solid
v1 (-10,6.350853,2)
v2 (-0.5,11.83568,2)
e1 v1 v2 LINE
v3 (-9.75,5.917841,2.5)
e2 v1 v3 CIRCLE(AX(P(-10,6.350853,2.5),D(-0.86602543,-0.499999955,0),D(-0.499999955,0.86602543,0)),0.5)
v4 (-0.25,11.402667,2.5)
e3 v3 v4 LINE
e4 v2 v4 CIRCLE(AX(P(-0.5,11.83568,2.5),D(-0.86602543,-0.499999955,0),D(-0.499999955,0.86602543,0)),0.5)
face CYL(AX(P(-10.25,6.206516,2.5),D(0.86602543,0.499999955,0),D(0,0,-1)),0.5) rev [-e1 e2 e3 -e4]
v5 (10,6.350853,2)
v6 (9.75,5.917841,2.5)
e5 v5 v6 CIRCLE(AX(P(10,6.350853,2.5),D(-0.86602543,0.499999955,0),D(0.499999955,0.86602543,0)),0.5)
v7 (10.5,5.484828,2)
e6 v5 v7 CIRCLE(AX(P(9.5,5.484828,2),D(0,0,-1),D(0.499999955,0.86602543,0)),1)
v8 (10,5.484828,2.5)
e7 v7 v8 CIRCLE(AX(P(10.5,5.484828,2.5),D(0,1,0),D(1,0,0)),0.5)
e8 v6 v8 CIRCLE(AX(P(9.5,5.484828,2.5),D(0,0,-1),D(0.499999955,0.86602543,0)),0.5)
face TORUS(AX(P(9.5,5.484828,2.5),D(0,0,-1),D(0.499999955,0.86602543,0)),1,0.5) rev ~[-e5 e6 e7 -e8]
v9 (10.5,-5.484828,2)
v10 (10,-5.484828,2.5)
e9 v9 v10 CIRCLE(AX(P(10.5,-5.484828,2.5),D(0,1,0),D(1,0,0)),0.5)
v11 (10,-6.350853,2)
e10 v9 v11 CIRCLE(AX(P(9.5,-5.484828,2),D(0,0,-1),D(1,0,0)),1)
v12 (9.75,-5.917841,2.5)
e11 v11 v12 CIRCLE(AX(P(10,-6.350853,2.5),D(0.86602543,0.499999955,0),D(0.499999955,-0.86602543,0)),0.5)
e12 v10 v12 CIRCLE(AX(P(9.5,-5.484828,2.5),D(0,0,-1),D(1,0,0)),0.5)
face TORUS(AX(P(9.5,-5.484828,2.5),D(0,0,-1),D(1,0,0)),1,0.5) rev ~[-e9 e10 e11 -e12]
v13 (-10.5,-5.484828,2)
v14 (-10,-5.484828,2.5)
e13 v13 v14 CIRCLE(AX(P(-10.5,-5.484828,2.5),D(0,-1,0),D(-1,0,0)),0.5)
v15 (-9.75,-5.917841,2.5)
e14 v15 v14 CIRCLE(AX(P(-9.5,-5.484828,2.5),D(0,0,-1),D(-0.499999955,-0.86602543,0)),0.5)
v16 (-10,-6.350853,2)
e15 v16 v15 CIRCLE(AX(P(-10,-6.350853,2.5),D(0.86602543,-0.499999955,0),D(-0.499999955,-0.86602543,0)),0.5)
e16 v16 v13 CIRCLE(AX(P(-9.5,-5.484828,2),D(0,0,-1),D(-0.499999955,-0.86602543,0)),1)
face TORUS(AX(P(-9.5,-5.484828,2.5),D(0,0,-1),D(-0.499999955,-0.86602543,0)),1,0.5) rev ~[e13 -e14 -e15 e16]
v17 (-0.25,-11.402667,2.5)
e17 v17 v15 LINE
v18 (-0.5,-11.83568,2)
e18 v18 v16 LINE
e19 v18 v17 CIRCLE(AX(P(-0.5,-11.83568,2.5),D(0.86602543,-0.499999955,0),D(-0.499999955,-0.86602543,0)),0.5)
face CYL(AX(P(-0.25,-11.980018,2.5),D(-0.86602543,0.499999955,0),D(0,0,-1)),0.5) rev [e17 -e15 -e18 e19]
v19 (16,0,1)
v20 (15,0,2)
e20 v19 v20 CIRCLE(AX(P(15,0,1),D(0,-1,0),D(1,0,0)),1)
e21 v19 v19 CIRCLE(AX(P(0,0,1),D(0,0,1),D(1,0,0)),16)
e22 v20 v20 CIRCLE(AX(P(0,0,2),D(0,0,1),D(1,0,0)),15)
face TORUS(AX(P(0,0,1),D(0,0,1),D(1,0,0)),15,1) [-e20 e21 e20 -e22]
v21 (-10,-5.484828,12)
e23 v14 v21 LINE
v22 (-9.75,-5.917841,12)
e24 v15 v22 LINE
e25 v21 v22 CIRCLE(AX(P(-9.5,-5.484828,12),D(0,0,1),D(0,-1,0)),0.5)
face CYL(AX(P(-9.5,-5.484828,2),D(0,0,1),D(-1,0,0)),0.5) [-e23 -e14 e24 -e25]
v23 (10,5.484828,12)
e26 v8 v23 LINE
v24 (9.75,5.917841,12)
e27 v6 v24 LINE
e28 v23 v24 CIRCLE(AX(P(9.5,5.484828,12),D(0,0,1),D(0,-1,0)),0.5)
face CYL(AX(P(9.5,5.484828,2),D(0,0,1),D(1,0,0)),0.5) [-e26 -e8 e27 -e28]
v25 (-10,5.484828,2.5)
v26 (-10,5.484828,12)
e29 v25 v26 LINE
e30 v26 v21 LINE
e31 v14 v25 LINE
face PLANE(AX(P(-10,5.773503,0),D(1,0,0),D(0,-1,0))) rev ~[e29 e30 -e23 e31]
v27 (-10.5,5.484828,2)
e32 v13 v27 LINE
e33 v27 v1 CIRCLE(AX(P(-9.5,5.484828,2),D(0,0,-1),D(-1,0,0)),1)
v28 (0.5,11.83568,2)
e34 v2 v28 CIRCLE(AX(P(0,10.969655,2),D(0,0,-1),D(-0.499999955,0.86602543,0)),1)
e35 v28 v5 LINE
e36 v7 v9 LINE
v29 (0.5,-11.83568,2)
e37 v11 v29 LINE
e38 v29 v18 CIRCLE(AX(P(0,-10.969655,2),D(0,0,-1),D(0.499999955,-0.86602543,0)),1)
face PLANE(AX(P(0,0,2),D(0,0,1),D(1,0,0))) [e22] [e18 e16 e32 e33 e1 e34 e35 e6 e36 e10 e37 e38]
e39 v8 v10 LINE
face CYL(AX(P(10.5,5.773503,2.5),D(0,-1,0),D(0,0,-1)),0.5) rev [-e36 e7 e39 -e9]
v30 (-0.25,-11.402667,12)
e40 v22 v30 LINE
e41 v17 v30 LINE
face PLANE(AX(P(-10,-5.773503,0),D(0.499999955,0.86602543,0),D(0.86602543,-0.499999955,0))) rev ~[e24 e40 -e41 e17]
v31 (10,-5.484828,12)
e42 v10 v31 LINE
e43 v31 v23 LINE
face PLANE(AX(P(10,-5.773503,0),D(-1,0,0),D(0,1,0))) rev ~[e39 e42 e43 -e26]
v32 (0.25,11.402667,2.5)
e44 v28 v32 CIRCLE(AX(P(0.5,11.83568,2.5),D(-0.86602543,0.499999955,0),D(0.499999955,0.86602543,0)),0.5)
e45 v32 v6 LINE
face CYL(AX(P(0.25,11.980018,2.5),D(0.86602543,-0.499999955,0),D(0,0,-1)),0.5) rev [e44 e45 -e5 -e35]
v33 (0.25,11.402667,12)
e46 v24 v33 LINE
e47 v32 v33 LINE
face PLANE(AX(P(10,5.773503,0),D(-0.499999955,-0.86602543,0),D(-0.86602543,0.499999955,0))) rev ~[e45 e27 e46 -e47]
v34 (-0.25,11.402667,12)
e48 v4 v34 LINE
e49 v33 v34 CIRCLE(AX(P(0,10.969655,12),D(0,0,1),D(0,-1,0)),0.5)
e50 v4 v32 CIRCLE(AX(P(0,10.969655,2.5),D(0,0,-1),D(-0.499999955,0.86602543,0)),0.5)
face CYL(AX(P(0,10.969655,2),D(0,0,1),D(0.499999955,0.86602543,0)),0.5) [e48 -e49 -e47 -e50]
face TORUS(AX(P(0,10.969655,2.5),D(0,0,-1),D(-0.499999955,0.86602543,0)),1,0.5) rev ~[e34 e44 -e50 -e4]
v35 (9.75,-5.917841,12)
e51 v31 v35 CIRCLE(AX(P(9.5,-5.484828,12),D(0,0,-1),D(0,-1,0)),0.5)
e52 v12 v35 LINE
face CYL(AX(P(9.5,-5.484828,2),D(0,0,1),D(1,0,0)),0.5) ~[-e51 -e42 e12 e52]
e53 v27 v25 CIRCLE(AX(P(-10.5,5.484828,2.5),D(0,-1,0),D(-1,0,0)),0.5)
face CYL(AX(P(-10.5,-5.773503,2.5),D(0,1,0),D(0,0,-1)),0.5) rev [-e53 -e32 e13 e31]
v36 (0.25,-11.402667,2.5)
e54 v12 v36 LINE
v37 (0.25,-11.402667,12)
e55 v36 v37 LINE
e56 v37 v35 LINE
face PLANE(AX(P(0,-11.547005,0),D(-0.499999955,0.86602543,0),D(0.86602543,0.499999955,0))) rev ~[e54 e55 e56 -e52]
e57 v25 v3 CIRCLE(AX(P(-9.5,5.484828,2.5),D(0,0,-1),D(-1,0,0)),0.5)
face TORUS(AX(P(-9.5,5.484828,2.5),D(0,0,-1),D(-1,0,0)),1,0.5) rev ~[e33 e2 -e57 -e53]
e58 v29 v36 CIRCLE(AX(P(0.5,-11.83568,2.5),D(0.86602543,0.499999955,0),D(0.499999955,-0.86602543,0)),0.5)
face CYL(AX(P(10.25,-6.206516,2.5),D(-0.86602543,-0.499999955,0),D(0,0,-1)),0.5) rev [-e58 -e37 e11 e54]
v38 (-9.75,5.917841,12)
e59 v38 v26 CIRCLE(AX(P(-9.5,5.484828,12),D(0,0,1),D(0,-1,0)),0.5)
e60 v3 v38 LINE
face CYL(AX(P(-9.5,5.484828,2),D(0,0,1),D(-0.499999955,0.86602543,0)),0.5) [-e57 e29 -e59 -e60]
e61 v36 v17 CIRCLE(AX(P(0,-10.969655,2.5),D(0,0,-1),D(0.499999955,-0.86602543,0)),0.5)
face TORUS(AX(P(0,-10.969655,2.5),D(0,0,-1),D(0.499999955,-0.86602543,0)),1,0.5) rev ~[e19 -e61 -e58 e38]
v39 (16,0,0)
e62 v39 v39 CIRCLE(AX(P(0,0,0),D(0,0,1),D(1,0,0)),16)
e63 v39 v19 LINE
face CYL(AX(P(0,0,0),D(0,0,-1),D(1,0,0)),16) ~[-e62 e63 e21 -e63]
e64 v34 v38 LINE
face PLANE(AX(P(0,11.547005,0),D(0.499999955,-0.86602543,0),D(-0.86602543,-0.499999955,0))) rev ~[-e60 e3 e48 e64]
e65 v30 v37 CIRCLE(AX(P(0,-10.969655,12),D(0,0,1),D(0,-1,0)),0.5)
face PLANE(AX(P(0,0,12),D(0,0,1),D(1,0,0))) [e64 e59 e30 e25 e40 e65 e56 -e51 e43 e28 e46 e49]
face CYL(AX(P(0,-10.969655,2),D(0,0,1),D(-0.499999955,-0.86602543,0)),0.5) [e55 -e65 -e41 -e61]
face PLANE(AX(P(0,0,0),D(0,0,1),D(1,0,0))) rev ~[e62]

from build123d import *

# Parameters (mm, degrees)
F0_R     = 16
F1_DEPTH = 2
F2_R     = 1
F3_DEPTH = 12
F4_R     = 0.5


with BuildPart() as f1:
    # F0 (on Top) → F1 (new body)
    with BuildSketch(Plane.XY):
        Circle(F0_R)
        Polygon((10, 5.773503), (10, -5.773503), (0, -11.547005), (-10, -5.773503), (-10, 5.773503), (0, 11.547005), align=None, mode=Mode.SUBTRACT)
        Polygon((0, -11.547005), (10, -5.773503), (10, 5.773503), (0, 11.547005), (-10, 5.773503), (-10, -5.773503), align=None)
    extrude(amount=F1_DEPTH)

    # F2
    f2_edges = [f1.edges().sort_by_distance(p)[0] for p in [
        (-16, 0, 2),
    ]]
    fillet(f2_edges, radius=F2_R)

    # F0 (on Top) → F3 (join)
    with BuildSketch(Plane.XY):
        Polygon((0, -11.547005), (10, -5.773503), (10, 5.773503), (0, 11.547005), (-10, 5.773503), (-10, -5.773503), align=None)
    extrude(amount=F3_DEPTH)

    # F4
    f4_edges = [f1.edges().sort_by_distance(p)[0] for p in [
        (10, 0, 2),
        (5, -8.660254, 2),
        (10, -5.773503, 7),
        (10, 5.773503, 7),
        (5, 8.660254, 2),
        (0, 11.547005, 7),
        (-5, 8.660254, 2),
        (-10, 5.773503, 7),
        (-10, 0, 2),
        (-10, -5.773503, 7),
        (-5, -8.660254, 2),
        (0, -11.547005, 7),
    ]]
    fillet(f4_edges, radius=F4_R)


solid = f1.part
